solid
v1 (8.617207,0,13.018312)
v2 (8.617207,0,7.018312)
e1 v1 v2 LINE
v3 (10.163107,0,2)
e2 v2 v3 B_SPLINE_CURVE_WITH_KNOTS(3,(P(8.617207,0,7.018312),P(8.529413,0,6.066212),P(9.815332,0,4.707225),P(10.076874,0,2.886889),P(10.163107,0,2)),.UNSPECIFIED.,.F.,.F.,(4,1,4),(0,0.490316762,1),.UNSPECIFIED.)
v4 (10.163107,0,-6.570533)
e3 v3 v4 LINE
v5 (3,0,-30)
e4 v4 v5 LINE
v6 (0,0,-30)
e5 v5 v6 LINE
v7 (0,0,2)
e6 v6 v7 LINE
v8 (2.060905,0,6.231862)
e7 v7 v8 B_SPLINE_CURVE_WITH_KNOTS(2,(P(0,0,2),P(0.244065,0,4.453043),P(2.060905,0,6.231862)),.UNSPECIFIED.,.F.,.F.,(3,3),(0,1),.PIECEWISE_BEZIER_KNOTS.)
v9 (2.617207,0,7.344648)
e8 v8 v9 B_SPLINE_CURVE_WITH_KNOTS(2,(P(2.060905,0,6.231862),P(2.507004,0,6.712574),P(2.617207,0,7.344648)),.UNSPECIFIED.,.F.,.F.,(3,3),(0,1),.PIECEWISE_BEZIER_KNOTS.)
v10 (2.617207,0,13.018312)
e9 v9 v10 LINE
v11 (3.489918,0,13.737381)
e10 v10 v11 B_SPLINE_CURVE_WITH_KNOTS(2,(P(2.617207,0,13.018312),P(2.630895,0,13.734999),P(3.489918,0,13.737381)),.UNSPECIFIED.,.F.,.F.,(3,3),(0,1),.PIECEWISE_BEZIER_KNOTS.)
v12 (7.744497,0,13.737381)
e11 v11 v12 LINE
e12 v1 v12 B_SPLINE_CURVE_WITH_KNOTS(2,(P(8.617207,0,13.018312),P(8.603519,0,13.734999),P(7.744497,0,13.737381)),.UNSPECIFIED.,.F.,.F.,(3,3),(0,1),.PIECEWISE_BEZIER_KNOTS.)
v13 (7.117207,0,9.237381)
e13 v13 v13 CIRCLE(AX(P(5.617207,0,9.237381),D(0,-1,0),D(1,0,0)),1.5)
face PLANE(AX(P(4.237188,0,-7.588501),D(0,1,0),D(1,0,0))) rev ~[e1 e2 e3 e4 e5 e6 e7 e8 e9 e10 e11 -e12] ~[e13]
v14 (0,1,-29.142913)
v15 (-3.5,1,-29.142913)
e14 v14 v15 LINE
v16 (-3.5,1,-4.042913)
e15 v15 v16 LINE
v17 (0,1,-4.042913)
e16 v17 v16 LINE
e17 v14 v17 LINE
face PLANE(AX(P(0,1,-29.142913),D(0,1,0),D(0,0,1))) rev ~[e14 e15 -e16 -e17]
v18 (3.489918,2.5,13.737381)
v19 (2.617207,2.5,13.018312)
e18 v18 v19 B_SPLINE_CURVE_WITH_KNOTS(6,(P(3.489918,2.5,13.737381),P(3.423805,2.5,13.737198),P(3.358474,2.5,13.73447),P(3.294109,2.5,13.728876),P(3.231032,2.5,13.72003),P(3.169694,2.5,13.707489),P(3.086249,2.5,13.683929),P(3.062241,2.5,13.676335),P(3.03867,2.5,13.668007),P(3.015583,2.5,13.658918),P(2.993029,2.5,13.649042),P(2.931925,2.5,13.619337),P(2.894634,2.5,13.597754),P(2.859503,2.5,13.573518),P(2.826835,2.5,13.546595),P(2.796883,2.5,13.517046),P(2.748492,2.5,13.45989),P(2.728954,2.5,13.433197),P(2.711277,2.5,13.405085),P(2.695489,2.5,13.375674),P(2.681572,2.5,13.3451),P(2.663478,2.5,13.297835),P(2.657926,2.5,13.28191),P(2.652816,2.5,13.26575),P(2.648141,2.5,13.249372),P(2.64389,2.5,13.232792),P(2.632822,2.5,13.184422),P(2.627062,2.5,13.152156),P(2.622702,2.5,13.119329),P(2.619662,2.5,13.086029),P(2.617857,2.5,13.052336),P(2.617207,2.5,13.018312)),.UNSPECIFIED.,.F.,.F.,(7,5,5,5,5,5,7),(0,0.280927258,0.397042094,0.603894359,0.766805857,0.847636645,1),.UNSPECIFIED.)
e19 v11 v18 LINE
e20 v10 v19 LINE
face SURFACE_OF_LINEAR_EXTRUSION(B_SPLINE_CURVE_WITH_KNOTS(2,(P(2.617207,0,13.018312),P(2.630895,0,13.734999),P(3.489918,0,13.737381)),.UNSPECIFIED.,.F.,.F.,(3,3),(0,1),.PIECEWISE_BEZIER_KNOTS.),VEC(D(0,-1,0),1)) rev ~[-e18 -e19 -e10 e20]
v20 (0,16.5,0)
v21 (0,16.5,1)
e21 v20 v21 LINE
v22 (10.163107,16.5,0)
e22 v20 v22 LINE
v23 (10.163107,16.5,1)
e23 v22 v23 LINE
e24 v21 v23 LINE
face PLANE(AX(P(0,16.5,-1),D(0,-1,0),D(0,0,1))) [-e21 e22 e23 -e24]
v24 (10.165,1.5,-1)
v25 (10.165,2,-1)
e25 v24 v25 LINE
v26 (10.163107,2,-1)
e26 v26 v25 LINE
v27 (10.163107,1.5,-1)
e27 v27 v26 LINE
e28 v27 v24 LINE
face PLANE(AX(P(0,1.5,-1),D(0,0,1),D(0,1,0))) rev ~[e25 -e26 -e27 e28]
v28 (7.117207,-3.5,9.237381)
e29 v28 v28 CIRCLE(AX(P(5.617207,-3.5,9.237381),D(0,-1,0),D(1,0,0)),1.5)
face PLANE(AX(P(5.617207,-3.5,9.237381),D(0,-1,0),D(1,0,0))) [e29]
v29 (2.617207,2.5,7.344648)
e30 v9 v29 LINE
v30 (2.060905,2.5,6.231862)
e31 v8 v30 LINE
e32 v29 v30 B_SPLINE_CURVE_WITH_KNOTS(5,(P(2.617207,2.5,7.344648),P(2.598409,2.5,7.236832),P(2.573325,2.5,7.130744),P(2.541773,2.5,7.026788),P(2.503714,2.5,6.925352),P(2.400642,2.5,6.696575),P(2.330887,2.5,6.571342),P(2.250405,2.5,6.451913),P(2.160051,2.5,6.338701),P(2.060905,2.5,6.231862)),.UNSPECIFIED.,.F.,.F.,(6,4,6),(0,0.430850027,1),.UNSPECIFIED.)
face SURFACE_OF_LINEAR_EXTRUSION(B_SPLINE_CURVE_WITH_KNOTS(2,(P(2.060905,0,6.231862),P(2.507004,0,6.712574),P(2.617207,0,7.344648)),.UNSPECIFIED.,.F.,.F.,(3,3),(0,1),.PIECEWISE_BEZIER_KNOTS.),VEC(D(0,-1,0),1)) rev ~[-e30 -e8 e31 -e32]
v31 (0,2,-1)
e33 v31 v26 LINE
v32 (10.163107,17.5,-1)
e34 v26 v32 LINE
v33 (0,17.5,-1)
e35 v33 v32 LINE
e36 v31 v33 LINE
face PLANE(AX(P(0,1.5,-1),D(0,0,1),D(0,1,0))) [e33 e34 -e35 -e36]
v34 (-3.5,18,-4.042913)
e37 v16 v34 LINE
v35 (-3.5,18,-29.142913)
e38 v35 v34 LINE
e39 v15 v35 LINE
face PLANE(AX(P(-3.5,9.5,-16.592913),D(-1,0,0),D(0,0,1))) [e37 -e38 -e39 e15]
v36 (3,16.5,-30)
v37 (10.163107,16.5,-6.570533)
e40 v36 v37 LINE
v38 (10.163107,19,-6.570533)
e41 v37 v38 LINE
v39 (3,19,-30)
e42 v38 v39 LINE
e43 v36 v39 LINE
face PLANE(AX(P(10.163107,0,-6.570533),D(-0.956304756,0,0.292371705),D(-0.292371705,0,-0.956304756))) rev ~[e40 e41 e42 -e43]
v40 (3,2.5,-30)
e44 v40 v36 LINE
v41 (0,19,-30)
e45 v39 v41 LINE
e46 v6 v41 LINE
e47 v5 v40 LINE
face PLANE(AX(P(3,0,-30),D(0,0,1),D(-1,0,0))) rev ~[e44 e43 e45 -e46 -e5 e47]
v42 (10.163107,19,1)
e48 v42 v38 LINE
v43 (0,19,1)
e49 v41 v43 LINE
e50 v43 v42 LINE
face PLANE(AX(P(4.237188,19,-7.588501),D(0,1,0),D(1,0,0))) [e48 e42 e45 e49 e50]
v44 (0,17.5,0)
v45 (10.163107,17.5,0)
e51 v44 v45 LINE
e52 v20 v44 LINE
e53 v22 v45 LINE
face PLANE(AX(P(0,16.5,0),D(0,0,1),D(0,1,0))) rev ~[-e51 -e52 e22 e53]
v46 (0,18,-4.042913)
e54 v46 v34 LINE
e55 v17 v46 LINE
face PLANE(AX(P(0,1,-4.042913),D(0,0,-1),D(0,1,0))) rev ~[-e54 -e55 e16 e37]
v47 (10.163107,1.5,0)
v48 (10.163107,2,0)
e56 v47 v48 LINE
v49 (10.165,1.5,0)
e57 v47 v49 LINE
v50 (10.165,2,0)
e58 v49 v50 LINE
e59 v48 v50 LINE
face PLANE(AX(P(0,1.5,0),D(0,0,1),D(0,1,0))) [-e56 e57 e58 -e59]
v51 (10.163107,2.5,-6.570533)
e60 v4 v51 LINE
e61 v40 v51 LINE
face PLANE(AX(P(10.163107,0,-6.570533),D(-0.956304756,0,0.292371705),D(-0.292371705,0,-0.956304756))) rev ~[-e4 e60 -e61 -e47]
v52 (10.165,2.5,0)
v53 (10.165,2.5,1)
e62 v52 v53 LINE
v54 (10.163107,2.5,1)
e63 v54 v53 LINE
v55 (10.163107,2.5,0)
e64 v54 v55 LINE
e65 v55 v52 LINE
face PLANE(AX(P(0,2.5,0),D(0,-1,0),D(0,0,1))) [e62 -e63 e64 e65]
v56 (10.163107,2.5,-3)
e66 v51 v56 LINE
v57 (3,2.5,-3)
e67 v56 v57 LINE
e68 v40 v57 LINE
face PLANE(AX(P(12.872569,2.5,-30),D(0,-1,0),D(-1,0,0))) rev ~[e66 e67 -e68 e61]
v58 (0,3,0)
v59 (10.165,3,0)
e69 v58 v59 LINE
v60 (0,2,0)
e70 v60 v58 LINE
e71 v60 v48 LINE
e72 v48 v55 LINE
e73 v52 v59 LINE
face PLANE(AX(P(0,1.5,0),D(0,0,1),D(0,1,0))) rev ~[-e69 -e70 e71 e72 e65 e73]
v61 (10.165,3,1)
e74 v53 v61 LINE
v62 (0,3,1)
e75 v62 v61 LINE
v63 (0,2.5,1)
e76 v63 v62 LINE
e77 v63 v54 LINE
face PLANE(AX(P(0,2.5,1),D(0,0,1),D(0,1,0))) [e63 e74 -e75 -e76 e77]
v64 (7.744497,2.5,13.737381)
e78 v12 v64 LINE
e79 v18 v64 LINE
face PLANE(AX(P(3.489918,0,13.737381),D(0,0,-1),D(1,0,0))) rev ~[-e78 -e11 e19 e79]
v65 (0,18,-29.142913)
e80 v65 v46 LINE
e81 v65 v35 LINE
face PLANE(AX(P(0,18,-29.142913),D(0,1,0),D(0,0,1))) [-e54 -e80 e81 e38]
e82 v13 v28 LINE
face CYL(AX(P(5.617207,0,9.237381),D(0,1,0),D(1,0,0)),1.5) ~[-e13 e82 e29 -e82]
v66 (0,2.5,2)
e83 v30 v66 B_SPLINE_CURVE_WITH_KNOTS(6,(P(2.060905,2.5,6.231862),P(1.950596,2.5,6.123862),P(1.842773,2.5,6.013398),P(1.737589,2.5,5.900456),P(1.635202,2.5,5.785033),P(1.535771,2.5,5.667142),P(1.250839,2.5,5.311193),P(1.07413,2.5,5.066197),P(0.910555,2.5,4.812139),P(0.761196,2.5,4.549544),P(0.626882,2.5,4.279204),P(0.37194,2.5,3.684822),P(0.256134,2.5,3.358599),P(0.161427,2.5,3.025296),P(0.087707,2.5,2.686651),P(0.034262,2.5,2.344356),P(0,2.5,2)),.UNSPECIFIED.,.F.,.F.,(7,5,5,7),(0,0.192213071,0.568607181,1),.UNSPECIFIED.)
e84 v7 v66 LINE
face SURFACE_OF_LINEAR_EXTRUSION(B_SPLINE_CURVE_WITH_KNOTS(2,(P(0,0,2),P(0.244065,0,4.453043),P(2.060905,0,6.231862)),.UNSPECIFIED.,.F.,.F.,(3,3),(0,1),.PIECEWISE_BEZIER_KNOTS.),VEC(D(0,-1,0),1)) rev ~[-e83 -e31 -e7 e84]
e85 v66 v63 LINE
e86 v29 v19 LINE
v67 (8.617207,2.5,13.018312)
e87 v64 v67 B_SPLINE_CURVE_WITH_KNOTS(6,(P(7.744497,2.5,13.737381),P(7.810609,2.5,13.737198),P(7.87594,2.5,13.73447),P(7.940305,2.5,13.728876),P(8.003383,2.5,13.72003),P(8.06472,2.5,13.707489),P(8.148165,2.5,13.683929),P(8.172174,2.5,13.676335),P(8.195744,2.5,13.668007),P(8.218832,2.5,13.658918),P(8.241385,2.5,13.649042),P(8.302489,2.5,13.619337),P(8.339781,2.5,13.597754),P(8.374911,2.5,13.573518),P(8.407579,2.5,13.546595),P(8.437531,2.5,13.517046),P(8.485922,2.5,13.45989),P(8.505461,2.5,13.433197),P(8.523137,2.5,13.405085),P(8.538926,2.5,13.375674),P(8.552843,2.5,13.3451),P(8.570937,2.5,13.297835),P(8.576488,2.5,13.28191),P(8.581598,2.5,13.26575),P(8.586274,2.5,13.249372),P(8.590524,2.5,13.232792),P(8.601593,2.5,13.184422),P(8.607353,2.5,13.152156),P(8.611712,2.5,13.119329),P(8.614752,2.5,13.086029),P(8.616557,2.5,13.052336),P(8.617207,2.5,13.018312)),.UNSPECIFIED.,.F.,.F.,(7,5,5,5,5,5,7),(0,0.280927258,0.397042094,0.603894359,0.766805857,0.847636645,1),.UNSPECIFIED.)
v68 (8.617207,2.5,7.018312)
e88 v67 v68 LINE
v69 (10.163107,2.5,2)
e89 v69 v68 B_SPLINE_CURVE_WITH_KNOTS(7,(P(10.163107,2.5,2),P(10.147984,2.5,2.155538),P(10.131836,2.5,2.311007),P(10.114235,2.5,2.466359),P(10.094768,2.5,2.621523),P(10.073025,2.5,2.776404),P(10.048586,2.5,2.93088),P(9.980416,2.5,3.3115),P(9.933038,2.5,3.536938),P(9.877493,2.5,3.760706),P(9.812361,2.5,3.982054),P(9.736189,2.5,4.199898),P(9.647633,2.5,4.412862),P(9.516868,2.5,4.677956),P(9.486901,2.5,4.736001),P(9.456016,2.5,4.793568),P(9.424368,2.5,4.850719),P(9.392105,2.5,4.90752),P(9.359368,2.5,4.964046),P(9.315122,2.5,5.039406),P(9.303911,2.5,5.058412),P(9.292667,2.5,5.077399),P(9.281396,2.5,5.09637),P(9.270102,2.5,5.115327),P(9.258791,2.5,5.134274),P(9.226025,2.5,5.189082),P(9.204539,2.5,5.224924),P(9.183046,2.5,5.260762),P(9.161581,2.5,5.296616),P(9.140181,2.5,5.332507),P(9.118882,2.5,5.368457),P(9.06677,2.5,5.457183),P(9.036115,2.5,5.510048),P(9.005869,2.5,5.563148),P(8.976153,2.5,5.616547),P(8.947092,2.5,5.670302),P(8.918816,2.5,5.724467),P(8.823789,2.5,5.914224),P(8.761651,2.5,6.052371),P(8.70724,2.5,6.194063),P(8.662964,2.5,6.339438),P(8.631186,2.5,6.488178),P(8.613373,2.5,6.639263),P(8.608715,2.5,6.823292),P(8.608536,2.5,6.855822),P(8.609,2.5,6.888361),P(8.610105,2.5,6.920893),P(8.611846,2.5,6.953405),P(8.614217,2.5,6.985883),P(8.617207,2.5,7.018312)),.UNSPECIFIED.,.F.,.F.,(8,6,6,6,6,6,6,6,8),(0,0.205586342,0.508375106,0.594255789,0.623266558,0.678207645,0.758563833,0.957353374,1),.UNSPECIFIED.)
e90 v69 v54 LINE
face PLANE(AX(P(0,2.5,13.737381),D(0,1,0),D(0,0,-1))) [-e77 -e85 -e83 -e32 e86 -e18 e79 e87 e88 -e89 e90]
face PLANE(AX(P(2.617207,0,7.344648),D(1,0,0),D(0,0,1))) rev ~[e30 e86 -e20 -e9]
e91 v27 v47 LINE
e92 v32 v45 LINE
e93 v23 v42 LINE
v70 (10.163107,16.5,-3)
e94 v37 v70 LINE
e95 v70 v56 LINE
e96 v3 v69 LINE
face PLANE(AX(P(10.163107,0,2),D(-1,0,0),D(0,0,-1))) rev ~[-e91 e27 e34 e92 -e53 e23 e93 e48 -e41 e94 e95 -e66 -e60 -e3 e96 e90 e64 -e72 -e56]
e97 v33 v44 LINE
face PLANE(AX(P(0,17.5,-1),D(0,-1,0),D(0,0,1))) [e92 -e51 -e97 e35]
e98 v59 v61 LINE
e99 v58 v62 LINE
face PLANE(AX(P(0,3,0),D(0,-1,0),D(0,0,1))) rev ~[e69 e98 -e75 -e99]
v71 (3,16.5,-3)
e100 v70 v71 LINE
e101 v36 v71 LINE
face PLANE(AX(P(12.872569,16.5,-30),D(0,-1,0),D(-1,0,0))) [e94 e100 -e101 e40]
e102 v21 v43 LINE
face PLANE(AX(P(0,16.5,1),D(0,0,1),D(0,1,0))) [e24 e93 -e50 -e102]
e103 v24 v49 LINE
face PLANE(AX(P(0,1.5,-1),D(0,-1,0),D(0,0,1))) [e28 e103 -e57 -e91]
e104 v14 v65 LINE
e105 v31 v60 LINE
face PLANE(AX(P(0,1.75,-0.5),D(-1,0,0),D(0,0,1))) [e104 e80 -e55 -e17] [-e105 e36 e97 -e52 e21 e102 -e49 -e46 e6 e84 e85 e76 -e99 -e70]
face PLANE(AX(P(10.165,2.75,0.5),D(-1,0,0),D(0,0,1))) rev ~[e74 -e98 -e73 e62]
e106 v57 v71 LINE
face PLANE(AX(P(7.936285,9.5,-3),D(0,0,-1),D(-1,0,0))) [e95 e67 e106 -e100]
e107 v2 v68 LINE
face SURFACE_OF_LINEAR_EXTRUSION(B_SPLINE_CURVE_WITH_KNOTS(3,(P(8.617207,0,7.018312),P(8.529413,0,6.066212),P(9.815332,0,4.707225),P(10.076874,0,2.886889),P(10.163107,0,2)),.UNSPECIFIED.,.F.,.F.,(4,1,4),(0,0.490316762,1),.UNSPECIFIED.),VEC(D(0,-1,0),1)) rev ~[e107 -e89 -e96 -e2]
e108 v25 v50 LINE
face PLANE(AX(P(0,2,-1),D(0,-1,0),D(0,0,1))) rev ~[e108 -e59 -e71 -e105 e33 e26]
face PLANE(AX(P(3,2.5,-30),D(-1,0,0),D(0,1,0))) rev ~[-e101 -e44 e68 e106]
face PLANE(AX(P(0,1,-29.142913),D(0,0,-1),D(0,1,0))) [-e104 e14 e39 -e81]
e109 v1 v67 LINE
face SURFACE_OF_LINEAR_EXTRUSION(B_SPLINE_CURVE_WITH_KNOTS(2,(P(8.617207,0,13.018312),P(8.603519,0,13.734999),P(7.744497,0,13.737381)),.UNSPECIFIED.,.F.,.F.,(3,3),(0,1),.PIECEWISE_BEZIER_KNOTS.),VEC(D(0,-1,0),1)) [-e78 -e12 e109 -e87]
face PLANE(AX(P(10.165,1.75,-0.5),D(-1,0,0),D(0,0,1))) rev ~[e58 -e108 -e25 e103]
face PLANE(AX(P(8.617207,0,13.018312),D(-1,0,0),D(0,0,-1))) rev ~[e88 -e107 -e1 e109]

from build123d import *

# Parameters (mm, degrees)
SALIENTE_EXTRUIR1_DEPTH = 19
CROQUIS2_W              = 9.87256946
CROQUIS2_H              = 14
CORTAR_EXTRUIR1_DEPTH   = 27
CROQUIS13_W             = 25.1
CROQUIS13_H             = 17
SALIENTE_EXTRUIR5_DEPTH = 3.5
CORTAR_EXTRUIR3_DEPTH   = 23
CROQUIS14_W             = 1
CROQUIS14_H             = 1
CORTAR_EXTRUIR4_DEPTH   = 23
CROQUIS15_R             = 1.5
SALIENTE_EXTRUIR6_DEPTH = 3.5
CROQUIS16_W             = 1
CROQUIS16_H             = 0.5
SALIENTE_EXTRUIR7_DEPTH = 10.165


with BuildPart() as part:
    # Croquis1 → Saliente-Extruir1 (new body)
    with BuildSketch(Plane(origin=(0, 0, 0), x_dir=(1, 0, 0), z_dir=(0, 1, 0))):
        with BuildLine():
            Line((0, 30), (0, 0))
            Line((0, 0), (0, -2))
            add(Edge.make_bspline(
                [(0, -2), (0.244064913, -4.453043064), (2.060905279, -6.231862145)],
                knots=[0, 0, 0, 1, 1, 1], degree=2))
            add(Edge.make_bspline(
                [(2.060905279, -6.231862145), (2.507004014, -6.712573557), (2.617207224, -7.344647716)],
                knots=[0, 0, 0, 1, 1, 1], degree=2))
            Line((2.617207224, -7.344647716), (2.617207224, -13.018311654))
            add(Edge.make_bspline(
                [(2.617207224, -13.018311654), (2.630895377, -13.73499915), (3.489917654, -13.737380921)],
                knots=[0, 0, 0, 1, 1, 1], degree=2))
            Line((3.489917654, -13.737380921), (7.744496795, -13.737380921))
            add(Edge.make_bspline(
                [(8.617207224, -13.018311654), (8.603519071, -13.73499915), (7.744496795, -13.737380921)],
                knots=[0, 0, 0, 1, 1, 1], degree=2))
            Line((8.617207224, -13.018311654), (8.617207224, -7.018311654))
            add(Edge.make_bspline(
                [(8.617207224, -7.018311654), (8.52941254, -6.066211773), (9.815332332, -4.707225326), (10.076873528, -2.886889338), (10.163106766, -2)],
                knots=[0, 0, 0, 0, 0.490316762, 1, 1, 1, 1], degree=3))
            Line((10.163106766, -2), (10.163106766, 0))
            Line((10.163106766, 0), (10.163106766, 6.570533479))
            Line((10.163106766, 6.570533479), (3, 30))
            Line((3, 30), (0, 30))
        make_face()
    extrude(amount=SALIENTE_EXTRUIR1_DEPTH)

    # Croquis2 → Cortar-Extruir1 (cut)
    with BuildSketch(Plane(origin=(0, 0, -30), x_dir=(-1, 0, 0), z_dir=(0, 0, -1))):
        with Locations((-7.93628473, 9.5)):
            Rectangle(CROQUIS2_W, CROQUIS2_H)
    extrude(amount=-CORTAR_EXTRUIR1_DEPTH, mode=Mode.SUBTRACT)

    # Croquis13 → Saliente-Extruir5 (add)
    with BuildSketch(Plane.ZY):
        with Locations((-16.592912937, 9.5)):
            Rectangle(CROQUIS13_W, CROQUIS13_H)
    extrude(amount=SALIENTE_EXTRUIR5_DEPTH)

    # Croquis10 → Cortar-Extruir3 (cut)
    with BuildSketch(Plane(origin=(0, 0, 0), x_dir=(0, 0, -1), z_dir=(1, 0, 0))):
        Polygon((1, 16.5), (-1, 16.5), (-1, 19), (-13.737380921, 19), (-13.737380921, 2.5), (-1, 2.5), (1, 2.5), align=None)
    extrude(amount=CORTAR_EXTRUIR3_DEPTH, mode=Mode.SUBTRACT)

    # Croquis14 → Cortar-Extruir4 (cut)
    with BuildSketch(Plane.ZY):
        with Locations((-0.5, 17)):
            Rectangle(CROQUIS14_W, CROQUIS14_H)
        with Locations((-0.5, 2)):
            Rectangle(CROQUIS14_W, CROQUIS14_H)
    extrude(amount=-CORTAR_EXTRUIR4_DEPTH, mode=Mode.SUBTRACT)

    # Croquis15 → Saliente-Extruir6 (add)
    with BuildSketch(Plane.XZ):
        with Locations((5.617207224, 9.237380921)):
            Circle(CROQUIS15_R)
    extrude(amount=SALIENTE_EXTRUIR6_DEPTH)

    # Croquis16 → Saliente-Extruir7 (add)
    with BuildSketch(Plane.ZY):
        with Locations((-0.5, 1.75)):
            Rectangle(CROQUIS16_W, CROQUIS16_H)
        with Locations((0.5, 2.75)):
            Rectangle(CROQUIS16_W, CROQUIS16_H)
    extrude(amount=-SALIENTE_EXTRUIR7_DEPTH)


solid = part.part
